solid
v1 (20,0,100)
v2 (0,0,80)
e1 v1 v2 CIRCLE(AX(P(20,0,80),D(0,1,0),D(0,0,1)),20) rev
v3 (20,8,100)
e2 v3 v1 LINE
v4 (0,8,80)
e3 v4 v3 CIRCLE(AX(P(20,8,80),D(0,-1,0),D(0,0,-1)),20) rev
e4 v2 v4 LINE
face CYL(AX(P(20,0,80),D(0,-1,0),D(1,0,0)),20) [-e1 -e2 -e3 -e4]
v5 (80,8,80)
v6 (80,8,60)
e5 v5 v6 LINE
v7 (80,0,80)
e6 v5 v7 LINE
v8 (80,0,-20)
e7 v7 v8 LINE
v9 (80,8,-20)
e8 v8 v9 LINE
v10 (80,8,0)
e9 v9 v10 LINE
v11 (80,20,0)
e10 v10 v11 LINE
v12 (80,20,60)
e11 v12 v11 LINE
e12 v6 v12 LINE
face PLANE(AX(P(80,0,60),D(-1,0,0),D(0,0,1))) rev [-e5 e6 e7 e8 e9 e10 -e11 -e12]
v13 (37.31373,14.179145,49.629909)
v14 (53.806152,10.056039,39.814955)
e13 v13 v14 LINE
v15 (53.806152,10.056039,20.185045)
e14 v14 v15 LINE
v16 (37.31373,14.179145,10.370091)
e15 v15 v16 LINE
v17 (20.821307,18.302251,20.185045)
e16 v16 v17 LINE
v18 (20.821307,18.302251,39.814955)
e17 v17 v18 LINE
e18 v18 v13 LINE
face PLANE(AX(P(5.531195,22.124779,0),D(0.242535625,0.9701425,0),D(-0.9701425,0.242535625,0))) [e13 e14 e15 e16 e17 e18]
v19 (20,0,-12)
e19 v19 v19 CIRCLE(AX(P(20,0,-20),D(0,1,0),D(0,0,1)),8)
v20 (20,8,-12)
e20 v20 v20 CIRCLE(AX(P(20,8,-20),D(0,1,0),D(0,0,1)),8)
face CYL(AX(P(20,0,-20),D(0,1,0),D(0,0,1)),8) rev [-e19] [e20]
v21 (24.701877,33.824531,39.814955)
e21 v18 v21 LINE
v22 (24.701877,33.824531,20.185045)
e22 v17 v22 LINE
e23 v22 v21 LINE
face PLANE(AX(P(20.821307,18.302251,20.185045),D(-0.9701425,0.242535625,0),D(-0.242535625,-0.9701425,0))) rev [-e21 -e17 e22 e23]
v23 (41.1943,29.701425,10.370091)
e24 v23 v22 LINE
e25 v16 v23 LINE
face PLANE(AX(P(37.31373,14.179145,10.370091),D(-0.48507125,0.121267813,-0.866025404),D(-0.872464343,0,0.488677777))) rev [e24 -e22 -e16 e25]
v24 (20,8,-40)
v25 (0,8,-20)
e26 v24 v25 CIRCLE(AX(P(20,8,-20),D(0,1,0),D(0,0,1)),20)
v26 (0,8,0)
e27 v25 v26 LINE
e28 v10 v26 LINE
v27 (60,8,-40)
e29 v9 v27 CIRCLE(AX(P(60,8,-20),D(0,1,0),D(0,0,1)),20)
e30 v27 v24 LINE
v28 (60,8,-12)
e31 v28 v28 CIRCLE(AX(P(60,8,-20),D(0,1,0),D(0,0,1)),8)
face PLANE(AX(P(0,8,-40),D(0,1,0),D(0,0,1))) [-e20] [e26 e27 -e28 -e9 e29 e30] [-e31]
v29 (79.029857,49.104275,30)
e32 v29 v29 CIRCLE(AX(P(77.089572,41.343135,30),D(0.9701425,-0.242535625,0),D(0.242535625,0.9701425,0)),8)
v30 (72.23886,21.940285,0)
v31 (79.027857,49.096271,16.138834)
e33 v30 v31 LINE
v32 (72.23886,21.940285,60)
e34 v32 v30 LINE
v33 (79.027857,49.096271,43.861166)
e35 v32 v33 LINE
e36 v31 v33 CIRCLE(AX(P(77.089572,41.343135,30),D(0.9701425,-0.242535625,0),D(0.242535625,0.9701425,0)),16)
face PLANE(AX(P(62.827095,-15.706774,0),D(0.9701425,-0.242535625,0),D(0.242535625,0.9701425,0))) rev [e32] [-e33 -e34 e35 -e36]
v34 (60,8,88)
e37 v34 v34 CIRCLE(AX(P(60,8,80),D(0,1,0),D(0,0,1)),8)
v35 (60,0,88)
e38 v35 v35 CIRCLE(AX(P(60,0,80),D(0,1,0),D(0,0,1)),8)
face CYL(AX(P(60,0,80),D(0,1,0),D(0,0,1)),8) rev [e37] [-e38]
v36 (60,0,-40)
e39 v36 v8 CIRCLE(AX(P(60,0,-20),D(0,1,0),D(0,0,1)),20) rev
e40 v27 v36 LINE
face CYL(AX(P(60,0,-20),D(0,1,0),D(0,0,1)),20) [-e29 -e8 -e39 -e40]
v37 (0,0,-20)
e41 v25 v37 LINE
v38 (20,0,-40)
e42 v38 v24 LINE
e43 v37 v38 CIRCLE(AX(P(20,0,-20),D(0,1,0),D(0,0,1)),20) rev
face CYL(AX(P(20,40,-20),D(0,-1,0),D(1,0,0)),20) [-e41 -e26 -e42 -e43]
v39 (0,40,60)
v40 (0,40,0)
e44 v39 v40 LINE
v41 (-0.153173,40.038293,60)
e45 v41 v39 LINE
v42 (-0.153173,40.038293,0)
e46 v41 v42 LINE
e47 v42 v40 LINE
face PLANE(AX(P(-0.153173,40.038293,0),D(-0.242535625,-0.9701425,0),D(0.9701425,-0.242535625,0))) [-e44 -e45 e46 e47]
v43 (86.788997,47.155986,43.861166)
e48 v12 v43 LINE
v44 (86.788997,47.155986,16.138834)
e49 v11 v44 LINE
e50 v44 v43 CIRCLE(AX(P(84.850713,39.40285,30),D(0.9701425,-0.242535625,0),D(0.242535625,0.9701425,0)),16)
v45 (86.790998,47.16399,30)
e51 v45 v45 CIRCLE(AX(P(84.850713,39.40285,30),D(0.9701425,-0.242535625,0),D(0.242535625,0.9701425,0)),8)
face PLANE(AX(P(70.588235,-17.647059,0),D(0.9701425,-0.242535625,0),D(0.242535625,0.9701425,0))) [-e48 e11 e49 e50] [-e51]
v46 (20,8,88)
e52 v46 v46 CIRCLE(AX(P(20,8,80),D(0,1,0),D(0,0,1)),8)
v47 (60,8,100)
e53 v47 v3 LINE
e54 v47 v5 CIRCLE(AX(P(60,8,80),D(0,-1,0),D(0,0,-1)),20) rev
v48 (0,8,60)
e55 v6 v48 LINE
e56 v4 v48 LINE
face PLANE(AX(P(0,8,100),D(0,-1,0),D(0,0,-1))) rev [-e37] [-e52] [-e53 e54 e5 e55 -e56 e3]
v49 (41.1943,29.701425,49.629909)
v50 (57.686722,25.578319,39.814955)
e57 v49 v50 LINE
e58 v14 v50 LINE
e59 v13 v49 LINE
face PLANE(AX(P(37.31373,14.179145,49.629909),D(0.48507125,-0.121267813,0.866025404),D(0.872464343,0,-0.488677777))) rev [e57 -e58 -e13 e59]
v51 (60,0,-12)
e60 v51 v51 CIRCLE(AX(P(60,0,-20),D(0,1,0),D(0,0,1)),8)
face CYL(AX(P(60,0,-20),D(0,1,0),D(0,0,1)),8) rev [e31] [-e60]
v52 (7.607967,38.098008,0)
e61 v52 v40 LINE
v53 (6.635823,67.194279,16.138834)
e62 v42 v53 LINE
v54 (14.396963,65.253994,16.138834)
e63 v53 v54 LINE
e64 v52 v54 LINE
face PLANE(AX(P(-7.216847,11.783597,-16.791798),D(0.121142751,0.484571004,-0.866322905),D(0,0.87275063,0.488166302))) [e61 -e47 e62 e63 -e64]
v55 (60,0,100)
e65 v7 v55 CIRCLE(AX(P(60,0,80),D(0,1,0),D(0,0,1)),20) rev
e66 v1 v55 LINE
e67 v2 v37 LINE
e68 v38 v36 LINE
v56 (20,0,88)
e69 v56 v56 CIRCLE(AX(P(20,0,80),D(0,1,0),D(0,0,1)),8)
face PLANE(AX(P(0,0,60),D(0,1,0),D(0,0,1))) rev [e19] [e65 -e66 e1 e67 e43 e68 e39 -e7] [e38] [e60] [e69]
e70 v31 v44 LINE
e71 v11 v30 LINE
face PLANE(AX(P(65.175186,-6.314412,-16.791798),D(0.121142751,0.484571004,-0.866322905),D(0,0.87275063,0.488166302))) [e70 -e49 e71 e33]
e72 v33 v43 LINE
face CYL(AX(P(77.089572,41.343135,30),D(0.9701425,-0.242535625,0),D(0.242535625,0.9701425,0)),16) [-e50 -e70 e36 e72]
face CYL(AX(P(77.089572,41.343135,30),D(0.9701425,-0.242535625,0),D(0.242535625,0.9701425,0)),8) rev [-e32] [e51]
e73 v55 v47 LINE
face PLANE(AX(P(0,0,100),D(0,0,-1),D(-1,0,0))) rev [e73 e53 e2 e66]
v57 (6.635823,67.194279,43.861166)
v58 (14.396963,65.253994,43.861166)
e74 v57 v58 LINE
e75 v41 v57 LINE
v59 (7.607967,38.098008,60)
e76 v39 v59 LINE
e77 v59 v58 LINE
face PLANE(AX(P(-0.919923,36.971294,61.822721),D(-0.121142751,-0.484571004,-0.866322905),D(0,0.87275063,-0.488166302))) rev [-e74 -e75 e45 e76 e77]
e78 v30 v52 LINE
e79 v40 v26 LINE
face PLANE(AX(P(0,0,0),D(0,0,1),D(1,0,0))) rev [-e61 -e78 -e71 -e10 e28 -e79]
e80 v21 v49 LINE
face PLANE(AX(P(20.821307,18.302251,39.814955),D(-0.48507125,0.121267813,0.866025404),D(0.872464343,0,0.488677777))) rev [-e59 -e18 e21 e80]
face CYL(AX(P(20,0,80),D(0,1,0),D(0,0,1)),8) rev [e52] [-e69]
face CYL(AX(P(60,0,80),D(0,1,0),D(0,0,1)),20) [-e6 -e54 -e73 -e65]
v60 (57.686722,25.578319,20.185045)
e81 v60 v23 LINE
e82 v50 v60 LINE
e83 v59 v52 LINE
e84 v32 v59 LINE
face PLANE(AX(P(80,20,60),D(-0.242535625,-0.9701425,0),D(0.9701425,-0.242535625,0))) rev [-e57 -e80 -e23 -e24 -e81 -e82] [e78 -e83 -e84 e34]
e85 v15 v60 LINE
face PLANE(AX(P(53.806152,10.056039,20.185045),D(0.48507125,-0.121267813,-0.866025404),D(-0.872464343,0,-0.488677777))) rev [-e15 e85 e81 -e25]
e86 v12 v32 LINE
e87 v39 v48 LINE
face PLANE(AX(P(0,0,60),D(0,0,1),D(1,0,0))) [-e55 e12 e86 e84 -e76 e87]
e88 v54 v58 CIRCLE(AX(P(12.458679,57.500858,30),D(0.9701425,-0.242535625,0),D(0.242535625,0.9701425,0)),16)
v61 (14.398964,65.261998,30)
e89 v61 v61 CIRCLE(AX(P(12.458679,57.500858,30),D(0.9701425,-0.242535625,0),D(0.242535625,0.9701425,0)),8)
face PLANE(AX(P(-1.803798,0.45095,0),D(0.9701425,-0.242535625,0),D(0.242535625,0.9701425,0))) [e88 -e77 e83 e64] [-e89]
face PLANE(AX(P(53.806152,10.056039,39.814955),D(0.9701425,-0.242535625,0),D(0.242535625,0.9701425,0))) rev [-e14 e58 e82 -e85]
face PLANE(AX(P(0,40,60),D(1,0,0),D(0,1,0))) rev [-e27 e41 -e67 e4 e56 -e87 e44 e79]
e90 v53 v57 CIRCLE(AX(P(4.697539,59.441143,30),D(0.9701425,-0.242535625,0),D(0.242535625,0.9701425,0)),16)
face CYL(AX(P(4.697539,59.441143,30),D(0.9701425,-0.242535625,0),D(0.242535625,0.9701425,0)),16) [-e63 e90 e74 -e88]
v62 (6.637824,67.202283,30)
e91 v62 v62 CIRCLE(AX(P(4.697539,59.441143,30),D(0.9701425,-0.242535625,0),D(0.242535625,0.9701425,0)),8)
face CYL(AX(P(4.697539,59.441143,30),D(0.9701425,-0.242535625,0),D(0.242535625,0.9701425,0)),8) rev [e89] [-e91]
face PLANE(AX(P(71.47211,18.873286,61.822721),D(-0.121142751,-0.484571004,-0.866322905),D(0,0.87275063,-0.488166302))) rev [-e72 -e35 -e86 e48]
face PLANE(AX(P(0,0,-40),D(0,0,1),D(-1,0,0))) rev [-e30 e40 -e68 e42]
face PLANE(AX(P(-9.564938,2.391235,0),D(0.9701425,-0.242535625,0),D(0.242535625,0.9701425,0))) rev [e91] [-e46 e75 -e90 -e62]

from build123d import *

# Parameters (mm, degrees)
SALIENTE_EXTRUIR1_DEPTH = 60
CROQUIS2_W              = 80
CROQUIS2_H              = 8
SALIENTE_EXTRUIR2_DEPTH = 40
CROQUIS3_R              = 8
SALIENTE_EXTRUIR3_DEPTH = 8
MATRIZL1_COUNT          = 2
MATRIZL1_PITCH          = 74.62
CROQUIS5_R              = 8
CORTAR_EXTRUIR1_DEPTH   = 8
REDONDEO2_R             = 20
CORTAR_EXTRUIR2_DEPTH   = 16


with BuildPart() as part:
    # Croquis1 → Saliente-Extruir1 (new body)
    with BuildSketch(Plane.XY):
        Polygon((0, 0), (80, 0), (80, 20), (0, 40), align=None)
    extrude(amount=SALIENTE_EXTRUIR1_DEPTH)

    # Croquis2 → Saliente-Extruir2 (add)
    with BuildSketch(Plane.XY.offset(60)):
        with Locations((40, 4)):
            Rectangle(CROQUIS2_W, CROQUIS2_H)
    saliente_extruir2 = extrude(amount=SALIENTE_EXTRUIR2_DEPTH)

    # Simetría1: Saliente-Extruir2 across plane
    add(saliente_extruir2.mirror(Plane(origin=(0, 0, 30), x_dir=(1, 0, 0), z_dir=(0, 0, -1))))

    # Croquis3 → Saliente-Extruir3 (add)
    with BuildSketch(Plane(origin=(70.588235294, -17.647058824, 0), x_dir=(0, 0, -1), z_dir=(0.9701425, -0.242535625, 0))):
        with BuildLine():
            Line((-43.861166484, 66.797449732), (-60, 38.805700006))
            Line((-60, 38.805700006), (0, 38.805700006))
            Line((0, 38.805700006), (-16.138833516, 66.797449732))
            ThreePointArc((-16.138833516, 66.797449732), (-30, 74.805700006), (-43.861166484, 66.797449732))
        make_face()
        with Locations((-30, 58.805700006)):
            Circle(CROQUIS3_R, mode=Mode.SUBTRACT)
    saliente_extruir3 = extrude(amount=-SALIENTE_EXTRUIR3_DEPTH)

    # MatrizL1: Saliente-Extruir3 ×2
    with Locations(*[Vector(-0.9701425, 0.242535625, 0) * (i * MATRIZL1_PITCH) for i in range(1, MATRIZL1_COUNT)]):
        add(saliente_extruir3)

    # Croquis5 → Cortar-Extruir1 (cut)
    with BuildSketch(Plane(origin=(0, 8, 0), x_dir=(1, 0, 0), z_dir=(0, 1, 0))):
        with Locations((20, 20)):
            Circle(CROQUIS5_R)
        with Locations((60, 20)):
            Circle(CROQUIS5_R)
        with Locations((60, -80)):
            Circle(CROQUIS5_R)
        with Locations((20, -80)):
            Circle(CROQUIS5_R)
    extrude(amount=-CORTAR_EXTRUIR1_DEPTH, mode=Mode.SUBTRACT)

    # Redondeo2
    redondeo2_edges = [part.edges().sort_by_distance(p)[0] for p in [
        (0, 4, 100),
        (80, 4, 100),
        (0, 4, -40),
        (80, 4, -40),
    ]]
    fillet(redondeo2_edges, radius=REDONDEO2_R)

    # Croquis6 → Cortar-Extruir2 (cut)
    with BuildSketch(Plane(origin=(9.411764706, 37.647058824, 0), x_dir=(0.9701425, -0.242535625, 0), z_dir=(0.242535625, 0.9701425, 0))):
        Polygon((32.760687511, -10.370090848), (15.760687511, -20.185045424), (15.760687511, -39.814954576), (32.760687511, -49.629909152), (49.760687511, -39.814954576), (49.760687511, -20.185045424), align=None)
    extrude(amount=-CORTAR_EXTRUIR2_DEPTH, mode=Mode.SUBTRACT)


solid = part.part
